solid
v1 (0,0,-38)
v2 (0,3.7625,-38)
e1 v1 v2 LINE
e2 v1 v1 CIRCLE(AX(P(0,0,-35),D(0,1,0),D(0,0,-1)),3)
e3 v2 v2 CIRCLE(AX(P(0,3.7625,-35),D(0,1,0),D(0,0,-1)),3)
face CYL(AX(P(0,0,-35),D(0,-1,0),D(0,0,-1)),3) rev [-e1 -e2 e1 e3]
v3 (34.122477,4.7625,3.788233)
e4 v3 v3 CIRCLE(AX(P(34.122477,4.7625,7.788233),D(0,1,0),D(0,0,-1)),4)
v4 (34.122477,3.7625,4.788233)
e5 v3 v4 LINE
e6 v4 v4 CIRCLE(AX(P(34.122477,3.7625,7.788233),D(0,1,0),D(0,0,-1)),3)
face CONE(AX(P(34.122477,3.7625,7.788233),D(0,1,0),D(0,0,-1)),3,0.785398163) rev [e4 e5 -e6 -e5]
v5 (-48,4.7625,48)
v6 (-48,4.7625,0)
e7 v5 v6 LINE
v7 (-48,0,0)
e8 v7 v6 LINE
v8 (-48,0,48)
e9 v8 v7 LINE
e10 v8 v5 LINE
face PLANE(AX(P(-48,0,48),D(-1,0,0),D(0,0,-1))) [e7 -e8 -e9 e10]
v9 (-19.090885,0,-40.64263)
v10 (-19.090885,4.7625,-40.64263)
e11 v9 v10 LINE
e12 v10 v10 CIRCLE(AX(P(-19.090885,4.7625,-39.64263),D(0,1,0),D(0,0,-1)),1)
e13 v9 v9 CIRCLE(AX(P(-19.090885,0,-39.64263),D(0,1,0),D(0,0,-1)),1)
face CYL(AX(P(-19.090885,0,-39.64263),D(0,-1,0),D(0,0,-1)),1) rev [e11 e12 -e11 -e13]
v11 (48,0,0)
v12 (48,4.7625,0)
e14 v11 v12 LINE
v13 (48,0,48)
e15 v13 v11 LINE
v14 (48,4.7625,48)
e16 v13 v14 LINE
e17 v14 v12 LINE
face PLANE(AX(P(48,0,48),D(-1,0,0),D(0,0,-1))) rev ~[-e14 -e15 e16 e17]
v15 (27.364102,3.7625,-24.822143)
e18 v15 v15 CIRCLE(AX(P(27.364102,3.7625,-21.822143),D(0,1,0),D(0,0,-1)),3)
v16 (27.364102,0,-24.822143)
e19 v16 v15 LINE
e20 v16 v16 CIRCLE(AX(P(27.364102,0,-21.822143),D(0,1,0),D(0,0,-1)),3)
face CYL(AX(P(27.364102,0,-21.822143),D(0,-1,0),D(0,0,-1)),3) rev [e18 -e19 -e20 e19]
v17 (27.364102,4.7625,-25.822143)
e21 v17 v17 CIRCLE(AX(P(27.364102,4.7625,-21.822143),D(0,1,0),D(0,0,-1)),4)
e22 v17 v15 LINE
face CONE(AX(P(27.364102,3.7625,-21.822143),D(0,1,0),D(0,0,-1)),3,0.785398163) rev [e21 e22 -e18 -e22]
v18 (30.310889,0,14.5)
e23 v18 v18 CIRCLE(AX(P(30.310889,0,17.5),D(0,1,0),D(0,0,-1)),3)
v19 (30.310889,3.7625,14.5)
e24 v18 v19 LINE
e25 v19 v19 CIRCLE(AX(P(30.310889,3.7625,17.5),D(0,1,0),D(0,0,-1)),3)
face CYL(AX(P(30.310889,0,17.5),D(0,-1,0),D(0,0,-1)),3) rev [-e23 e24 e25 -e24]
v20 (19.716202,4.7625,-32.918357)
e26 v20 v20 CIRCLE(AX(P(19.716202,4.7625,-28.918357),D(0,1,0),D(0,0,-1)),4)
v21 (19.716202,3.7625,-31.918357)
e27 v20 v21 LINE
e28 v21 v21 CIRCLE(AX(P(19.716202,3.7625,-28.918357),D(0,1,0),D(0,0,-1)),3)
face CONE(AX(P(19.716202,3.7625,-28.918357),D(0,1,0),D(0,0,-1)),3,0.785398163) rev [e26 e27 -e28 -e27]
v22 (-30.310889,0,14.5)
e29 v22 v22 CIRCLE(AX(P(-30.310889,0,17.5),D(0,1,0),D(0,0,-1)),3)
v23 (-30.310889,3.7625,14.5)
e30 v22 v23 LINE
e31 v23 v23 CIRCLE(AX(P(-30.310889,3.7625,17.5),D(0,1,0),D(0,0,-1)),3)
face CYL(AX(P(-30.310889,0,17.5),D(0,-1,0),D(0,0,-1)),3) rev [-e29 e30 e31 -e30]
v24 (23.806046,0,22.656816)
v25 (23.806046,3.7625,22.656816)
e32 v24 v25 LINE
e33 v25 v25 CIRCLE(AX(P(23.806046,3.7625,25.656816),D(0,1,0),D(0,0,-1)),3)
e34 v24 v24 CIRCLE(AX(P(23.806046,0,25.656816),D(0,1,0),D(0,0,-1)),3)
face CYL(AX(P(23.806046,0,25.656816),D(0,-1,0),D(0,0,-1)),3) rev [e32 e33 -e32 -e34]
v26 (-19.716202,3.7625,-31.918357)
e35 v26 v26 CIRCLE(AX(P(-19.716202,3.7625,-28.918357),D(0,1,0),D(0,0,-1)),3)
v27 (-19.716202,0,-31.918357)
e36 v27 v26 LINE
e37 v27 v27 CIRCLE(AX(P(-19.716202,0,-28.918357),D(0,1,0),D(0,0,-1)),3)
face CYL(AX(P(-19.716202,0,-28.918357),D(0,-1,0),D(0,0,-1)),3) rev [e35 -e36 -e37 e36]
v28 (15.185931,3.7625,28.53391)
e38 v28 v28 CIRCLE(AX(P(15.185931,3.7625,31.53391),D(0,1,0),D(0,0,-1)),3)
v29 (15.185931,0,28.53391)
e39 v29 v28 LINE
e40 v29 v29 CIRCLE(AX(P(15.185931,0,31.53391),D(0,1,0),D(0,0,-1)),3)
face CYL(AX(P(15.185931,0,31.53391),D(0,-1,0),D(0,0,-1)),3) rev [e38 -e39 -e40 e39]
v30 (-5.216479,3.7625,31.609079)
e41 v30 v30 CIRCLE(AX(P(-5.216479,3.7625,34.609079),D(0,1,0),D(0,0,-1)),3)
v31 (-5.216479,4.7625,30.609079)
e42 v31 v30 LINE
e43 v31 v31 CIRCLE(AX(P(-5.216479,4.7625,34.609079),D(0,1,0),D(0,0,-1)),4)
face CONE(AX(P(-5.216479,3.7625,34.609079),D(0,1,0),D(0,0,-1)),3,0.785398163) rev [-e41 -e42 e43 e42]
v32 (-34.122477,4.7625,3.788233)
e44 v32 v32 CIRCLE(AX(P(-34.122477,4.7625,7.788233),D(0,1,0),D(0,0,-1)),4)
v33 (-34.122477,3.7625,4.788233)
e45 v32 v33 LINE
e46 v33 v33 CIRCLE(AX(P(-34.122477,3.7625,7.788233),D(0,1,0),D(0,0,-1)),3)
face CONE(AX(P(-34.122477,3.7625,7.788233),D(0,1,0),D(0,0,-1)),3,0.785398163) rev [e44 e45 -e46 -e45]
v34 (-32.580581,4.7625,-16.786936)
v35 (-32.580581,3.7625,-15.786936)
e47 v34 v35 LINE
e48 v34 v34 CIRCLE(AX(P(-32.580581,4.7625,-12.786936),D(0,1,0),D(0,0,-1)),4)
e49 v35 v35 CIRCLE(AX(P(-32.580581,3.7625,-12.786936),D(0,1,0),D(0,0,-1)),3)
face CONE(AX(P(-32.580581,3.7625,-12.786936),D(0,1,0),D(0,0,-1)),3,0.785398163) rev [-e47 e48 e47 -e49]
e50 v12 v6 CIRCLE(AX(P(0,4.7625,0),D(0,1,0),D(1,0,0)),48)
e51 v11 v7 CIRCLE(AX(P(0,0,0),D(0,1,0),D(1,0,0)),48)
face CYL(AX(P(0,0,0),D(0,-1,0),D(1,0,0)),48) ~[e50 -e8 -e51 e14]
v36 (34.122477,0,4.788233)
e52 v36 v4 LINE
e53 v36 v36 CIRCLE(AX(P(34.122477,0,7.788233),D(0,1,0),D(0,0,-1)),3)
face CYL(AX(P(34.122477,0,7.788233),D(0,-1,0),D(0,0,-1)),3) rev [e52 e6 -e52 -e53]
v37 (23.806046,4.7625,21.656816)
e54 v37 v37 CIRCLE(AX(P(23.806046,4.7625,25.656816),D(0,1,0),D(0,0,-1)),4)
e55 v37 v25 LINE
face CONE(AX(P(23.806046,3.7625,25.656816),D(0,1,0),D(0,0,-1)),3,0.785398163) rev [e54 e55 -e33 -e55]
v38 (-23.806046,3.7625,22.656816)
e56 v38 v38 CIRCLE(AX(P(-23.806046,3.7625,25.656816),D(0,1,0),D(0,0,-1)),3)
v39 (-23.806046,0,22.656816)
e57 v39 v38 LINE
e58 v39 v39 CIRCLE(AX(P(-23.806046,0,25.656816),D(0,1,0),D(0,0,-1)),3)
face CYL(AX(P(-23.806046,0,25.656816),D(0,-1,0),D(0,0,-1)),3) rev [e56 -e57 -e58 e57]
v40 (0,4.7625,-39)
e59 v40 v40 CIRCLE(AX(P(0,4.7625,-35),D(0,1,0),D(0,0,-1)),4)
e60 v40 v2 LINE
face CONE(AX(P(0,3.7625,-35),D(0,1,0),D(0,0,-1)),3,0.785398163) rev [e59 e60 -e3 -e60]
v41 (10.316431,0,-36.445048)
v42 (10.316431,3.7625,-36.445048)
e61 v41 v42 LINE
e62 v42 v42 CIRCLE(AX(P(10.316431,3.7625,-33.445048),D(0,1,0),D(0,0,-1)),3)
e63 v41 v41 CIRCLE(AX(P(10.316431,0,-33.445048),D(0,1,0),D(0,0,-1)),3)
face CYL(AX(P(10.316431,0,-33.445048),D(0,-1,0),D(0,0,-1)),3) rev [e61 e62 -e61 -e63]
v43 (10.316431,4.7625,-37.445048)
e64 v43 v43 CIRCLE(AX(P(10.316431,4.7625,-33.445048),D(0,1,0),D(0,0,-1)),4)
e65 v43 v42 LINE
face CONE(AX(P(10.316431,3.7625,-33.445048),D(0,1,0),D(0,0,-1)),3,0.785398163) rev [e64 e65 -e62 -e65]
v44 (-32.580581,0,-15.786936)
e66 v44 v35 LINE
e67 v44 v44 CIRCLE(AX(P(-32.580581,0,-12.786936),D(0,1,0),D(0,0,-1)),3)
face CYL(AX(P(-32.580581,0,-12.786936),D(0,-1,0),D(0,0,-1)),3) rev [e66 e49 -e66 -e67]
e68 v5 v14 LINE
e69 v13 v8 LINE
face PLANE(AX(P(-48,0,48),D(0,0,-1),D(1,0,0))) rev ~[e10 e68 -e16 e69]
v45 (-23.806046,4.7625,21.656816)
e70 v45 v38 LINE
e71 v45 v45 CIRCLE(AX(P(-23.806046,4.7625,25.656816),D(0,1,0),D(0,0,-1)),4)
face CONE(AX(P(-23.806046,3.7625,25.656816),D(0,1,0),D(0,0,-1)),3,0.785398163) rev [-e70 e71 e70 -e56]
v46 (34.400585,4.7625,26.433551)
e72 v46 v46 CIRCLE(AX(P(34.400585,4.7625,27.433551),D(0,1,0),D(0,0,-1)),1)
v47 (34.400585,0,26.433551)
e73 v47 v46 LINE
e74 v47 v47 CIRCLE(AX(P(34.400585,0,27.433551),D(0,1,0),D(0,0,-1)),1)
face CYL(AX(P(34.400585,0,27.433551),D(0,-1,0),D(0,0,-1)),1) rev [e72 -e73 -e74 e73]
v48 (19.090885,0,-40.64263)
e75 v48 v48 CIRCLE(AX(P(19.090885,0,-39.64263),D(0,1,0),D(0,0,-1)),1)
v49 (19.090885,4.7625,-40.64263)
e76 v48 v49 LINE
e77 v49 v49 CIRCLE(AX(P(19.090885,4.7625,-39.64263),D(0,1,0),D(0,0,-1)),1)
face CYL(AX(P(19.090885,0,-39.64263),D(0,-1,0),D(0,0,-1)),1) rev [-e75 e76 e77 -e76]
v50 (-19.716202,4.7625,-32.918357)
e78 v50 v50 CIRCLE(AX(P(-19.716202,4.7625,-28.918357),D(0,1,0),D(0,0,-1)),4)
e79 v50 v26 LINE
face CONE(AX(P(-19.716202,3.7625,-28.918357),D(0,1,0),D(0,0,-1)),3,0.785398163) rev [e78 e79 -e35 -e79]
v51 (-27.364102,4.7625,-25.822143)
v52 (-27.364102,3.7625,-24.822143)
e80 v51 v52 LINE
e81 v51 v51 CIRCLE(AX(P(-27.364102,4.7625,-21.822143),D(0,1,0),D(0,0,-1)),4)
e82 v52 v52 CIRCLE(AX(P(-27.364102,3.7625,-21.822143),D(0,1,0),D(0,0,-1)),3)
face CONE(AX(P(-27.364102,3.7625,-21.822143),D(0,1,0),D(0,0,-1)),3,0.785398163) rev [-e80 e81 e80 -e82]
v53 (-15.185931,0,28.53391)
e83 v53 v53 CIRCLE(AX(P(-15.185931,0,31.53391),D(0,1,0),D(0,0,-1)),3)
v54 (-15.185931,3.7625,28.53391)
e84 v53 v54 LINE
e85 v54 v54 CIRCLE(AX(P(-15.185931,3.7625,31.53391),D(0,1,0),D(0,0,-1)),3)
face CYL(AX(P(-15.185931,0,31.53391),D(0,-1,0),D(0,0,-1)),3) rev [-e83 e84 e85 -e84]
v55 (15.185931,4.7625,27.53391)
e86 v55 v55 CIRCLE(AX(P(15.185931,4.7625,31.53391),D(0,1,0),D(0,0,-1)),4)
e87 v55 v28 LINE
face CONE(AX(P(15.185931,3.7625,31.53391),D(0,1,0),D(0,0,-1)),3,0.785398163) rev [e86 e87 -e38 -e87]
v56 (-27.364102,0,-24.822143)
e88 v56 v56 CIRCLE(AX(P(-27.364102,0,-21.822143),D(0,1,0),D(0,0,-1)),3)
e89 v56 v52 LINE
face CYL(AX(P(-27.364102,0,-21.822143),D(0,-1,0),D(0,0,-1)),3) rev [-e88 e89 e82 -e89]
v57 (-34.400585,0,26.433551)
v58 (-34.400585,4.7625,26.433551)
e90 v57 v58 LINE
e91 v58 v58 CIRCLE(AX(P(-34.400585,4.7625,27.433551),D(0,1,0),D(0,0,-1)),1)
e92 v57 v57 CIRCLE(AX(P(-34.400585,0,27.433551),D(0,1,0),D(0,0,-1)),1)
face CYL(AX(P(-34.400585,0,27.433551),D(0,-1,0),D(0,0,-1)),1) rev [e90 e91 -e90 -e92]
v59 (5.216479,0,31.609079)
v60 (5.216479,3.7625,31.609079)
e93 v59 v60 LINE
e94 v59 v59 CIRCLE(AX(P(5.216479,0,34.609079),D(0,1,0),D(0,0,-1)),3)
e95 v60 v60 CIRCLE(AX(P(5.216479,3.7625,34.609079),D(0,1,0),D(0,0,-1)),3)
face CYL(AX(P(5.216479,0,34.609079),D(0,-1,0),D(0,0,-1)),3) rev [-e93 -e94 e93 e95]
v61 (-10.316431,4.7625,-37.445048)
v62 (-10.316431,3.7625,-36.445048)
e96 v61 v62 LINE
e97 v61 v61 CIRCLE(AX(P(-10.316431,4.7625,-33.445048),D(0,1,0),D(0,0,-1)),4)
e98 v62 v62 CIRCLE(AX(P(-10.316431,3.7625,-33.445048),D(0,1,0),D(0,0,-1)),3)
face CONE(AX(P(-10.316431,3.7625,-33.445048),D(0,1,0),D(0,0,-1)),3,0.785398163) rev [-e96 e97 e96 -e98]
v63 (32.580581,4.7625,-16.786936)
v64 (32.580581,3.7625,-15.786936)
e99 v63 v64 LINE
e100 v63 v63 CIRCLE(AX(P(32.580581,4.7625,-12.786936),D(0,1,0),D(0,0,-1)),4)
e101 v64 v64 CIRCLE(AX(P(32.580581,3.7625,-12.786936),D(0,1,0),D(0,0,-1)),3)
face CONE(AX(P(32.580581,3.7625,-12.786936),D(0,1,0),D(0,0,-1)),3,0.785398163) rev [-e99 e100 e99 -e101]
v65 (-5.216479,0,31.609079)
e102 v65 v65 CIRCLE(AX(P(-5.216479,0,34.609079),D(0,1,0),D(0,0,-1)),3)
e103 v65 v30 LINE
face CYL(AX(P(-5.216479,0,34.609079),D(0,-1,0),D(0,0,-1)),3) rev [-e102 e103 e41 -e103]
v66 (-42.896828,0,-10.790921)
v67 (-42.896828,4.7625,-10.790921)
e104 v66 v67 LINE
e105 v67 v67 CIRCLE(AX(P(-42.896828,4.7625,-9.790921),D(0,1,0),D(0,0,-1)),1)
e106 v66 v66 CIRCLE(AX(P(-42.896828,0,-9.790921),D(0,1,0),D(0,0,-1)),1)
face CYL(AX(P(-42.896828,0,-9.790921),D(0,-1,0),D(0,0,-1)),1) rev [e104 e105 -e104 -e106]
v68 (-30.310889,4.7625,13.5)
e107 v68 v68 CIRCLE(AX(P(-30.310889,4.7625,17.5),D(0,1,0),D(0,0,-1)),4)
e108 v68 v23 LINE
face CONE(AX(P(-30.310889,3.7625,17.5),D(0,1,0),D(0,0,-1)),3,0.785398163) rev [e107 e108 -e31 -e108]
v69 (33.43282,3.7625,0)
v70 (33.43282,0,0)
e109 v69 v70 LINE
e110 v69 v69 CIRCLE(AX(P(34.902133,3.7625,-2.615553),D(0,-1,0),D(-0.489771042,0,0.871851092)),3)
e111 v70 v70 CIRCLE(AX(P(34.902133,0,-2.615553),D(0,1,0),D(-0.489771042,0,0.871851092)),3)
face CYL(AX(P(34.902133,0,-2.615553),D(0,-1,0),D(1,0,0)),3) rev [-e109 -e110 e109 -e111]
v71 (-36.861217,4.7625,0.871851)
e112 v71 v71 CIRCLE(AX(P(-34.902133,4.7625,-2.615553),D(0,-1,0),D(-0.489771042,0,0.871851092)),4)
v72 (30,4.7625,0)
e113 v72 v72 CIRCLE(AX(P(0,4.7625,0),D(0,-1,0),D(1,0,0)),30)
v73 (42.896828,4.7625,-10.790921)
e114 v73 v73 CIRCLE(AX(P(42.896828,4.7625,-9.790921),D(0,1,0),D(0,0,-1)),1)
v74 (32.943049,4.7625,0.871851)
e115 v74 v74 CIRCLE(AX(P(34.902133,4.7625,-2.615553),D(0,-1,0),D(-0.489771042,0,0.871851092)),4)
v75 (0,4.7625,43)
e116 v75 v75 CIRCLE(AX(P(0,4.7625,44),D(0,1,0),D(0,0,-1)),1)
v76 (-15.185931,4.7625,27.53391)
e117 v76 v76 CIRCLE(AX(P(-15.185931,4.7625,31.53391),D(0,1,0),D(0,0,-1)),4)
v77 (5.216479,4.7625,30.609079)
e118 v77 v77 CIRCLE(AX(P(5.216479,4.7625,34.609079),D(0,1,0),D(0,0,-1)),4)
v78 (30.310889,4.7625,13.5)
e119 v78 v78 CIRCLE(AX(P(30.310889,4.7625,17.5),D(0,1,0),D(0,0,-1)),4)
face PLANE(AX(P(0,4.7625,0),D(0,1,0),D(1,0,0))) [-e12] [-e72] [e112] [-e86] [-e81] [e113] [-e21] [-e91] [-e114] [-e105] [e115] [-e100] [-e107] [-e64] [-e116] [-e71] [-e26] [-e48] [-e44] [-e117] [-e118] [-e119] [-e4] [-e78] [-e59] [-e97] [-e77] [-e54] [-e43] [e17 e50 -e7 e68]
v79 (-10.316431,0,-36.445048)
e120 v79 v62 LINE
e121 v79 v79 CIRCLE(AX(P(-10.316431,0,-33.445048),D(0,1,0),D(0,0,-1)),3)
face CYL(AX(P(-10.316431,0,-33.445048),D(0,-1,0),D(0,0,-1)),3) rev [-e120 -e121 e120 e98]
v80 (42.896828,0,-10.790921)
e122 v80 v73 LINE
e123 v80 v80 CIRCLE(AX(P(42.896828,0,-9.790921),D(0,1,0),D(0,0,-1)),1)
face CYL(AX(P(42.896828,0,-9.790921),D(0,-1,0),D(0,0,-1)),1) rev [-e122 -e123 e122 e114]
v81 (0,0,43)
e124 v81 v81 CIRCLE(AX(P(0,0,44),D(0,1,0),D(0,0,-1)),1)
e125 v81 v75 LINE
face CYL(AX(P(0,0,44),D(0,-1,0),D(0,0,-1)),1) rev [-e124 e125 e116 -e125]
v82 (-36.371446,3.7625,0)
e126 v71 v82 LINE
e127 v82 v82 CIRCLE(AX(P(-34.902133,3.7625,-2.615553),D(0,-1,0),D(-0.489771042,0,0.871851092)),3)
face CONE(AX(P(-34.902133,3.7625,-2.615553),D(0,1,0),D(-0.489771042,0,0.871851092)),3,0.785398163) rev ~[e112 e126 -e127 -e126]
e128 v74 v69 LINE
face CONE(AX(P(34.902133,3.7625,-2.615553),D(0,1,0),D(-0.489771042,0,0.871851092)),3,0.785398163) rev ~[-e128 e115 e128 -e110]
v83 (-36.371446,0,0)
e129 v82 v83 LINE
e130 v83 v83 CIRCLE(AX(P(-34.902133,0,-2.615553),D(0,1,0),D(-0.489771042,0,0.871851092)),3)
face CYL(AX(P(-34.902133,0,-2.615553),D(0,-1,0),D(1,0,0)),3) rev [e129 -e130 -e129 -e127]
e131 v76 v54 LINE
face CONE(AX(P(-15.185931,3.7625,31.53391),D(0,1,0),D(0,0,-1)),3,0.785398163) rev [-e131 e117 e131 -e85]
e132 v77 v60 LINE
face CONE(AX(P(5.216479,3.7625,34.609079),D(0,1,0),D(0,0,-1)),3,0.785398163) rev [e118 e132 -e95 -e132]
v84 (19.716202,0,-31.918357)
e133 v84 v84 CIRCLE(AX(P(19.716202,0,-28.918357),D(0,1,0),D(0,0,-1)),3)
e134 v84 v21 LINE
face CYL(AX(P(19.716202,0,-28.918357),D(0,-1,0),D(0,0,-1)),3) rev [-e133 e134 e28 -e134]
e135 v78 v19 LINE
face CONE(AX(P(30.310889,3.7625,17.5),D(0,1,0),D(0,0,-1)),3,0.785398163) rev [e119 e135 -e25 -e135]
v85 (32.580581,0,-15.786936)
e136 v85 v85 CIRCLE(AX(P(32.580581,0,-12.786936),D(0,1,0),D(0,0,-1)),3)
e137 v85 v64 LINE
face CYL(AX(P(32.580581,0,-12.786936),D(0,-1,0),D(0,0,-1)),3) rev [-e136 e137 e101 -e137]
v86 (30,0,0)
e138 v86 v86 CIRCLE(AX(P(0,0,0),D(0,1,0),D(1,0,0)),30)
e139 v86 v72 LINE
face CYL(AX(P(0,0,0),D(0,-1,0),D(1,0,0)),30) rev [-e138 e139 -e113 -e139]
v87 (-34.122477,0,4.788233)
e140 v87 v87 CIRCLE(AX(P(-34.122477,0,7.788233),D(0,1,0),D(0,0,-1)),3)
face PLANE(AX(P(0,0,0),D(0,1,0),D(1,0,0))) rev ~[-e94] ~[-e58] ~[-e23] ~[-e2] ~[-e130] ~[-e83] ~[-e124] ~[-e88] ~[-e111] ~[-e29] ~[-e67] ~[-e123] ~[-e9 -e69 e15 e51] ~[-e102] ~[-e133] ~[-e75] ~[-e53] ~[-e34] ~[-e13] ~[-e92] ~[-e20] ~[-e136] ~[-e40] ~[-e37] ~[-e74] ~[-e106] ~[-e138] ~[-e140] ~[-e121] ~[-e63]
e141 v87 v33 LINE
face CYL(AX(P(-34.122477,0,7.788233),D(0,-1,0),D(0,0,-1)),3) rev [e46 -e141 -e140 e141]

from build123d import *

# Parameters (mm, degrees)
SKETCH17_W          = 96
SKETCH17_H          = 48
BOSS_EXTRUDE1_DEPTH = 4.7625
SKETCH2_R           = 48
SKETCH2_R_2         = 3
SKETCH2_R_3         = 1
SKETCH2_R_4         = 30
BOSS_EXTRUDE2_DEPTH = 4.7625
SKETCH2_11_R        = 3
SKETCH2_11_R_2      = 1
SKETCH2_11_R_3      = 30
CUT_EXTRUDE1_DEPTH  = 4.7625
CHAMFER1_SIZE       = 1


with BuildPart() as part:
    # Sketch17 → Boss-Extrude1 (new body)
    with BuildSketch(Plane(origin=(0, 0, 0), x_dir=(1, 0, 0), z_dir=(0, 1, 0))):
        with Locations((0, -24)):
            Rectangle(SKETCH17_W, SKETCH17_H)
    extrude(amount=BOSS_EXTRUDE1_DEPTH)

    # Sketch2 → Boss-Extrude2 (add)
    with BuildSketch(Plane(origin=(0, 0, 0), x_dir=(1, 0, 0), z_dir=(0, 1, 0))):
        Circle(SKETCH2_R)
        with Locations((0, 35)):
            Circle(SKETCH2_R_2, mode=Mode.SUBTRACT)
        with Locations((10.316431104, 33.445048203)):
            Circle(SKETCH2_R_2, mode=Mode.SUBTRACT)
        with Locations((19.716202032, 28.918357101)):
            Circle(SKETCH2_R_2, mode=Mode.SUBTRACT)
        with Locations((27.364101886, 21.822143065)):
            Circle(SKETCH2_R_2, mode=Mode.SUBTRACT)
        with Locations((32.580581203, 12.786935853)):
            Circle(SKETCH2_R_2, mode=Mode.SUBTRACT)
        with Locations((34.902132901, 2.615553276)):
            Circle(SKETCH2_R_2, mode=Mode.SUBTRACT)
        with Locations((34.122476926, -7.788232688)):
            Circle(SKETCH2_R_2, mode=Mode.SUBTRACT)
        with Locations((30.310889132, -17.5)):
            Circle(SKETCH2_R_2, mode=Mode.SUBTRACT)
        with Locations((23.806045822, -25.656815514)):
            Circle(SKETCH2_R_2, mode=Mode.SUBTRACT)
        with Locations((15.185930869, -31.533910377)):
            Circle(SKETCH2_R_2, mode=Mode.SUBTRACT)
        with Locations((5.216479316, -34.609078918)):
            Circle(SKETCH2_R_2, mode=Mode.SUBTRACT)
        with Locations((-5.216479316, -34.609078918)):
            Circle(SKETCH2_R_2, mode=Mode.SUBTRACT)
        with Locations((-15.185930869, -31.533910377)):
            Circle(SKETCH2_R_2, mode=Mode.SUBTRACT)
        with Locations((-23.806045822, -25.656815514)):
            Circle(SKETCH2_R_2, mode=Mode.SUBTRACT)
        with Locations((-30.310889132, -17.5)):
            Circle(SKETCH2_R_2, mode=Mode.SUBTRACT)
        with Locations((-34.122476926, -7.788232688)):
            Circle(SKETCH2_R_2, mode=Mode.SUBTRACT)
        with Locations((0, -44)):
            Circle(SKETCH2_R_3, mode=Mode.SUBTRACT)
        with Locations((-34.400585229, -27.433551282)):
            Circle(SKETCH2_R_3, mode=Mode.SUBTRACT)
        with Locations((-42.896828136, 9.790921094)):
            Circle(SKETCH2_R_3, mode=Mode.SUBTRACT)
        with Locations((-19.090884521, 39.642630188)):
            Circle(SKETCH2_R_3, mode=Mode.SUBTRACT)
        with Locations((19.090884521, 39.642630188)):
            Circle(SKETCH2_R_3, mode=Mode.SUBTRACT)
        with Locations((42.896828136, 9.790921094)):
            Circle(SKETCH2_R_3, mode=Mode.SUBTRACT)
        with Locations((34.400585229, -27.433551282)):
            Circle(SKETCH2_R_3, mode=Mode.SUBTRACT)
        with Locations((-34.902132901, 2.615553276)):
            Circle(SKETCH2_R_2, mode=Mode.SUBTRACT)
        with Locations((-32.580581203, 12.786935853)):
            Circle(SKETCH2_R_2, mode=Mode.SUBTRACT)
        with Locations((-27.364101886, 21.822143065)):
            Circle(SKETCH2_R_2, mode=Mode.SUBTRACT)
        with Locations((-19.716202032, 28.918357101)):
            Circle(SKETCH2_R_2, mode=Mode.SUBTRACT)
        with Locations((-10.316431104, 33.445048203)):
            Circle(SKETCH2_R_2, mode=Mode.SUBTRACT)
        Circle(SKETCH2_R_4, mode=Mode.SUBTRACT)
    extrude(amount=BOSS_EXTRUDE2_DEPTH)

    # Sketch2<11> → Cut-Extrude1 (cut)
    with BuildSketch(Plane(origin=(0, 0, 0), x_dir=(1, 0, 0), z_dir=(0, 1, 0))):
        with Locations((34.902132901, 2.615553276)):
            Circle(SKETCH2_11_R)
        with Locations((34.122476926, -7.788232688)):
            Circle(SKETCH2_11_R)
        with Locations((30.310889132, -17.5)):
            Circle(SKETCH2_11_R)
        with Locations((23.806045822, -25.656815514)):
            Circle(SKETCH2_11_R)
        with Locations((15.185930869, -31.533910377)):
            Circle(SKETCH2_11_R)
        with Locations((5.216479316, -34.609078918)):
            Circle(SKETCH2_11_R)
        with Locations((-5.216479316, -34.609078918)):
            Circle(SKETCH2_11_R)
        with Locations((-15.185930869, -31.533910377)):
            Circle(SKETCH2_11_R)
        with Locations((-23.806045822, -25.656815514)):
            Circle(SKETCH2_11_R)
        with Locations((-30.310889132, -17.5)):
            Circle(SKETCH2_11_R)
        with Locations((-34.122476926, -7.788232688)):
            Circle(SKETCH2_11_R)
        with Locations((0, -44)):
            Circle(SKETCH2_11_R_2)
        with Locations((-34.400585229, -27.433551282)):
            Circle(SKETCH2_11_R_2)
        with Locations((34.400585229, -27.433551282)):
            Circle(SKETCH2_11_R_2)
        with Locations((-34.902132901, 2.615553276)):
            Circle(SKETCH2_11_R)
        Circle(SKETCH2_11_R_3)
    extrude(amount=CUT_EXTRUDE1_DEPTH, mode=Mode.SUBTRACT)

    # Chamfer1
    chamfer1_edges = [part.edges().sort_by_distance(p)[0] for p in [
        (-8.216479316, 4.7625, 34.609078918),
        (-18.185930869, 4.7625, 31.533910377),
        (-26.806045822, 4.7625, 25.656815514),
        (-33.310889132, 4.7625, 17.5),
        (-37.122476926, 4.7625, 7.788232688),
        (-33.432819775, 4.7625, -5.231106551),
        (-35.580581203, 4.7625, -12.786935853),
        (-30.364101886, 4.7625, -21.822143065),
        (-22.716202032, 4.7625, -28.918357101),
        (-13.316431104, 4.7625, -33.445048203),
        (-3, 4.7625, -35),
        (7.316431104, 4.7625, -33.445048203),
        (16.716202032, 4.7625, -28.918357101),
        (24.364101886, 4.7625, -21.822143065),
        (29.580581203, 4.7625, -12.786935853),
        (36.371446028, 4.7625, -5.231106551),
        (31.122476926, 4.7625, 7.788232688),
        (27.310889132, 4.7625, 17.5),
        (20.806045822, 4.7625, 25.656815514),
        (12.185930869, 4.7625, 31.533910377),
        (2.216479316, 4.7625, 34.609078918),
    ]]
    chamfer(chamfer1_edges, length=CHAMFER1_SIZE)


solid = part.part
